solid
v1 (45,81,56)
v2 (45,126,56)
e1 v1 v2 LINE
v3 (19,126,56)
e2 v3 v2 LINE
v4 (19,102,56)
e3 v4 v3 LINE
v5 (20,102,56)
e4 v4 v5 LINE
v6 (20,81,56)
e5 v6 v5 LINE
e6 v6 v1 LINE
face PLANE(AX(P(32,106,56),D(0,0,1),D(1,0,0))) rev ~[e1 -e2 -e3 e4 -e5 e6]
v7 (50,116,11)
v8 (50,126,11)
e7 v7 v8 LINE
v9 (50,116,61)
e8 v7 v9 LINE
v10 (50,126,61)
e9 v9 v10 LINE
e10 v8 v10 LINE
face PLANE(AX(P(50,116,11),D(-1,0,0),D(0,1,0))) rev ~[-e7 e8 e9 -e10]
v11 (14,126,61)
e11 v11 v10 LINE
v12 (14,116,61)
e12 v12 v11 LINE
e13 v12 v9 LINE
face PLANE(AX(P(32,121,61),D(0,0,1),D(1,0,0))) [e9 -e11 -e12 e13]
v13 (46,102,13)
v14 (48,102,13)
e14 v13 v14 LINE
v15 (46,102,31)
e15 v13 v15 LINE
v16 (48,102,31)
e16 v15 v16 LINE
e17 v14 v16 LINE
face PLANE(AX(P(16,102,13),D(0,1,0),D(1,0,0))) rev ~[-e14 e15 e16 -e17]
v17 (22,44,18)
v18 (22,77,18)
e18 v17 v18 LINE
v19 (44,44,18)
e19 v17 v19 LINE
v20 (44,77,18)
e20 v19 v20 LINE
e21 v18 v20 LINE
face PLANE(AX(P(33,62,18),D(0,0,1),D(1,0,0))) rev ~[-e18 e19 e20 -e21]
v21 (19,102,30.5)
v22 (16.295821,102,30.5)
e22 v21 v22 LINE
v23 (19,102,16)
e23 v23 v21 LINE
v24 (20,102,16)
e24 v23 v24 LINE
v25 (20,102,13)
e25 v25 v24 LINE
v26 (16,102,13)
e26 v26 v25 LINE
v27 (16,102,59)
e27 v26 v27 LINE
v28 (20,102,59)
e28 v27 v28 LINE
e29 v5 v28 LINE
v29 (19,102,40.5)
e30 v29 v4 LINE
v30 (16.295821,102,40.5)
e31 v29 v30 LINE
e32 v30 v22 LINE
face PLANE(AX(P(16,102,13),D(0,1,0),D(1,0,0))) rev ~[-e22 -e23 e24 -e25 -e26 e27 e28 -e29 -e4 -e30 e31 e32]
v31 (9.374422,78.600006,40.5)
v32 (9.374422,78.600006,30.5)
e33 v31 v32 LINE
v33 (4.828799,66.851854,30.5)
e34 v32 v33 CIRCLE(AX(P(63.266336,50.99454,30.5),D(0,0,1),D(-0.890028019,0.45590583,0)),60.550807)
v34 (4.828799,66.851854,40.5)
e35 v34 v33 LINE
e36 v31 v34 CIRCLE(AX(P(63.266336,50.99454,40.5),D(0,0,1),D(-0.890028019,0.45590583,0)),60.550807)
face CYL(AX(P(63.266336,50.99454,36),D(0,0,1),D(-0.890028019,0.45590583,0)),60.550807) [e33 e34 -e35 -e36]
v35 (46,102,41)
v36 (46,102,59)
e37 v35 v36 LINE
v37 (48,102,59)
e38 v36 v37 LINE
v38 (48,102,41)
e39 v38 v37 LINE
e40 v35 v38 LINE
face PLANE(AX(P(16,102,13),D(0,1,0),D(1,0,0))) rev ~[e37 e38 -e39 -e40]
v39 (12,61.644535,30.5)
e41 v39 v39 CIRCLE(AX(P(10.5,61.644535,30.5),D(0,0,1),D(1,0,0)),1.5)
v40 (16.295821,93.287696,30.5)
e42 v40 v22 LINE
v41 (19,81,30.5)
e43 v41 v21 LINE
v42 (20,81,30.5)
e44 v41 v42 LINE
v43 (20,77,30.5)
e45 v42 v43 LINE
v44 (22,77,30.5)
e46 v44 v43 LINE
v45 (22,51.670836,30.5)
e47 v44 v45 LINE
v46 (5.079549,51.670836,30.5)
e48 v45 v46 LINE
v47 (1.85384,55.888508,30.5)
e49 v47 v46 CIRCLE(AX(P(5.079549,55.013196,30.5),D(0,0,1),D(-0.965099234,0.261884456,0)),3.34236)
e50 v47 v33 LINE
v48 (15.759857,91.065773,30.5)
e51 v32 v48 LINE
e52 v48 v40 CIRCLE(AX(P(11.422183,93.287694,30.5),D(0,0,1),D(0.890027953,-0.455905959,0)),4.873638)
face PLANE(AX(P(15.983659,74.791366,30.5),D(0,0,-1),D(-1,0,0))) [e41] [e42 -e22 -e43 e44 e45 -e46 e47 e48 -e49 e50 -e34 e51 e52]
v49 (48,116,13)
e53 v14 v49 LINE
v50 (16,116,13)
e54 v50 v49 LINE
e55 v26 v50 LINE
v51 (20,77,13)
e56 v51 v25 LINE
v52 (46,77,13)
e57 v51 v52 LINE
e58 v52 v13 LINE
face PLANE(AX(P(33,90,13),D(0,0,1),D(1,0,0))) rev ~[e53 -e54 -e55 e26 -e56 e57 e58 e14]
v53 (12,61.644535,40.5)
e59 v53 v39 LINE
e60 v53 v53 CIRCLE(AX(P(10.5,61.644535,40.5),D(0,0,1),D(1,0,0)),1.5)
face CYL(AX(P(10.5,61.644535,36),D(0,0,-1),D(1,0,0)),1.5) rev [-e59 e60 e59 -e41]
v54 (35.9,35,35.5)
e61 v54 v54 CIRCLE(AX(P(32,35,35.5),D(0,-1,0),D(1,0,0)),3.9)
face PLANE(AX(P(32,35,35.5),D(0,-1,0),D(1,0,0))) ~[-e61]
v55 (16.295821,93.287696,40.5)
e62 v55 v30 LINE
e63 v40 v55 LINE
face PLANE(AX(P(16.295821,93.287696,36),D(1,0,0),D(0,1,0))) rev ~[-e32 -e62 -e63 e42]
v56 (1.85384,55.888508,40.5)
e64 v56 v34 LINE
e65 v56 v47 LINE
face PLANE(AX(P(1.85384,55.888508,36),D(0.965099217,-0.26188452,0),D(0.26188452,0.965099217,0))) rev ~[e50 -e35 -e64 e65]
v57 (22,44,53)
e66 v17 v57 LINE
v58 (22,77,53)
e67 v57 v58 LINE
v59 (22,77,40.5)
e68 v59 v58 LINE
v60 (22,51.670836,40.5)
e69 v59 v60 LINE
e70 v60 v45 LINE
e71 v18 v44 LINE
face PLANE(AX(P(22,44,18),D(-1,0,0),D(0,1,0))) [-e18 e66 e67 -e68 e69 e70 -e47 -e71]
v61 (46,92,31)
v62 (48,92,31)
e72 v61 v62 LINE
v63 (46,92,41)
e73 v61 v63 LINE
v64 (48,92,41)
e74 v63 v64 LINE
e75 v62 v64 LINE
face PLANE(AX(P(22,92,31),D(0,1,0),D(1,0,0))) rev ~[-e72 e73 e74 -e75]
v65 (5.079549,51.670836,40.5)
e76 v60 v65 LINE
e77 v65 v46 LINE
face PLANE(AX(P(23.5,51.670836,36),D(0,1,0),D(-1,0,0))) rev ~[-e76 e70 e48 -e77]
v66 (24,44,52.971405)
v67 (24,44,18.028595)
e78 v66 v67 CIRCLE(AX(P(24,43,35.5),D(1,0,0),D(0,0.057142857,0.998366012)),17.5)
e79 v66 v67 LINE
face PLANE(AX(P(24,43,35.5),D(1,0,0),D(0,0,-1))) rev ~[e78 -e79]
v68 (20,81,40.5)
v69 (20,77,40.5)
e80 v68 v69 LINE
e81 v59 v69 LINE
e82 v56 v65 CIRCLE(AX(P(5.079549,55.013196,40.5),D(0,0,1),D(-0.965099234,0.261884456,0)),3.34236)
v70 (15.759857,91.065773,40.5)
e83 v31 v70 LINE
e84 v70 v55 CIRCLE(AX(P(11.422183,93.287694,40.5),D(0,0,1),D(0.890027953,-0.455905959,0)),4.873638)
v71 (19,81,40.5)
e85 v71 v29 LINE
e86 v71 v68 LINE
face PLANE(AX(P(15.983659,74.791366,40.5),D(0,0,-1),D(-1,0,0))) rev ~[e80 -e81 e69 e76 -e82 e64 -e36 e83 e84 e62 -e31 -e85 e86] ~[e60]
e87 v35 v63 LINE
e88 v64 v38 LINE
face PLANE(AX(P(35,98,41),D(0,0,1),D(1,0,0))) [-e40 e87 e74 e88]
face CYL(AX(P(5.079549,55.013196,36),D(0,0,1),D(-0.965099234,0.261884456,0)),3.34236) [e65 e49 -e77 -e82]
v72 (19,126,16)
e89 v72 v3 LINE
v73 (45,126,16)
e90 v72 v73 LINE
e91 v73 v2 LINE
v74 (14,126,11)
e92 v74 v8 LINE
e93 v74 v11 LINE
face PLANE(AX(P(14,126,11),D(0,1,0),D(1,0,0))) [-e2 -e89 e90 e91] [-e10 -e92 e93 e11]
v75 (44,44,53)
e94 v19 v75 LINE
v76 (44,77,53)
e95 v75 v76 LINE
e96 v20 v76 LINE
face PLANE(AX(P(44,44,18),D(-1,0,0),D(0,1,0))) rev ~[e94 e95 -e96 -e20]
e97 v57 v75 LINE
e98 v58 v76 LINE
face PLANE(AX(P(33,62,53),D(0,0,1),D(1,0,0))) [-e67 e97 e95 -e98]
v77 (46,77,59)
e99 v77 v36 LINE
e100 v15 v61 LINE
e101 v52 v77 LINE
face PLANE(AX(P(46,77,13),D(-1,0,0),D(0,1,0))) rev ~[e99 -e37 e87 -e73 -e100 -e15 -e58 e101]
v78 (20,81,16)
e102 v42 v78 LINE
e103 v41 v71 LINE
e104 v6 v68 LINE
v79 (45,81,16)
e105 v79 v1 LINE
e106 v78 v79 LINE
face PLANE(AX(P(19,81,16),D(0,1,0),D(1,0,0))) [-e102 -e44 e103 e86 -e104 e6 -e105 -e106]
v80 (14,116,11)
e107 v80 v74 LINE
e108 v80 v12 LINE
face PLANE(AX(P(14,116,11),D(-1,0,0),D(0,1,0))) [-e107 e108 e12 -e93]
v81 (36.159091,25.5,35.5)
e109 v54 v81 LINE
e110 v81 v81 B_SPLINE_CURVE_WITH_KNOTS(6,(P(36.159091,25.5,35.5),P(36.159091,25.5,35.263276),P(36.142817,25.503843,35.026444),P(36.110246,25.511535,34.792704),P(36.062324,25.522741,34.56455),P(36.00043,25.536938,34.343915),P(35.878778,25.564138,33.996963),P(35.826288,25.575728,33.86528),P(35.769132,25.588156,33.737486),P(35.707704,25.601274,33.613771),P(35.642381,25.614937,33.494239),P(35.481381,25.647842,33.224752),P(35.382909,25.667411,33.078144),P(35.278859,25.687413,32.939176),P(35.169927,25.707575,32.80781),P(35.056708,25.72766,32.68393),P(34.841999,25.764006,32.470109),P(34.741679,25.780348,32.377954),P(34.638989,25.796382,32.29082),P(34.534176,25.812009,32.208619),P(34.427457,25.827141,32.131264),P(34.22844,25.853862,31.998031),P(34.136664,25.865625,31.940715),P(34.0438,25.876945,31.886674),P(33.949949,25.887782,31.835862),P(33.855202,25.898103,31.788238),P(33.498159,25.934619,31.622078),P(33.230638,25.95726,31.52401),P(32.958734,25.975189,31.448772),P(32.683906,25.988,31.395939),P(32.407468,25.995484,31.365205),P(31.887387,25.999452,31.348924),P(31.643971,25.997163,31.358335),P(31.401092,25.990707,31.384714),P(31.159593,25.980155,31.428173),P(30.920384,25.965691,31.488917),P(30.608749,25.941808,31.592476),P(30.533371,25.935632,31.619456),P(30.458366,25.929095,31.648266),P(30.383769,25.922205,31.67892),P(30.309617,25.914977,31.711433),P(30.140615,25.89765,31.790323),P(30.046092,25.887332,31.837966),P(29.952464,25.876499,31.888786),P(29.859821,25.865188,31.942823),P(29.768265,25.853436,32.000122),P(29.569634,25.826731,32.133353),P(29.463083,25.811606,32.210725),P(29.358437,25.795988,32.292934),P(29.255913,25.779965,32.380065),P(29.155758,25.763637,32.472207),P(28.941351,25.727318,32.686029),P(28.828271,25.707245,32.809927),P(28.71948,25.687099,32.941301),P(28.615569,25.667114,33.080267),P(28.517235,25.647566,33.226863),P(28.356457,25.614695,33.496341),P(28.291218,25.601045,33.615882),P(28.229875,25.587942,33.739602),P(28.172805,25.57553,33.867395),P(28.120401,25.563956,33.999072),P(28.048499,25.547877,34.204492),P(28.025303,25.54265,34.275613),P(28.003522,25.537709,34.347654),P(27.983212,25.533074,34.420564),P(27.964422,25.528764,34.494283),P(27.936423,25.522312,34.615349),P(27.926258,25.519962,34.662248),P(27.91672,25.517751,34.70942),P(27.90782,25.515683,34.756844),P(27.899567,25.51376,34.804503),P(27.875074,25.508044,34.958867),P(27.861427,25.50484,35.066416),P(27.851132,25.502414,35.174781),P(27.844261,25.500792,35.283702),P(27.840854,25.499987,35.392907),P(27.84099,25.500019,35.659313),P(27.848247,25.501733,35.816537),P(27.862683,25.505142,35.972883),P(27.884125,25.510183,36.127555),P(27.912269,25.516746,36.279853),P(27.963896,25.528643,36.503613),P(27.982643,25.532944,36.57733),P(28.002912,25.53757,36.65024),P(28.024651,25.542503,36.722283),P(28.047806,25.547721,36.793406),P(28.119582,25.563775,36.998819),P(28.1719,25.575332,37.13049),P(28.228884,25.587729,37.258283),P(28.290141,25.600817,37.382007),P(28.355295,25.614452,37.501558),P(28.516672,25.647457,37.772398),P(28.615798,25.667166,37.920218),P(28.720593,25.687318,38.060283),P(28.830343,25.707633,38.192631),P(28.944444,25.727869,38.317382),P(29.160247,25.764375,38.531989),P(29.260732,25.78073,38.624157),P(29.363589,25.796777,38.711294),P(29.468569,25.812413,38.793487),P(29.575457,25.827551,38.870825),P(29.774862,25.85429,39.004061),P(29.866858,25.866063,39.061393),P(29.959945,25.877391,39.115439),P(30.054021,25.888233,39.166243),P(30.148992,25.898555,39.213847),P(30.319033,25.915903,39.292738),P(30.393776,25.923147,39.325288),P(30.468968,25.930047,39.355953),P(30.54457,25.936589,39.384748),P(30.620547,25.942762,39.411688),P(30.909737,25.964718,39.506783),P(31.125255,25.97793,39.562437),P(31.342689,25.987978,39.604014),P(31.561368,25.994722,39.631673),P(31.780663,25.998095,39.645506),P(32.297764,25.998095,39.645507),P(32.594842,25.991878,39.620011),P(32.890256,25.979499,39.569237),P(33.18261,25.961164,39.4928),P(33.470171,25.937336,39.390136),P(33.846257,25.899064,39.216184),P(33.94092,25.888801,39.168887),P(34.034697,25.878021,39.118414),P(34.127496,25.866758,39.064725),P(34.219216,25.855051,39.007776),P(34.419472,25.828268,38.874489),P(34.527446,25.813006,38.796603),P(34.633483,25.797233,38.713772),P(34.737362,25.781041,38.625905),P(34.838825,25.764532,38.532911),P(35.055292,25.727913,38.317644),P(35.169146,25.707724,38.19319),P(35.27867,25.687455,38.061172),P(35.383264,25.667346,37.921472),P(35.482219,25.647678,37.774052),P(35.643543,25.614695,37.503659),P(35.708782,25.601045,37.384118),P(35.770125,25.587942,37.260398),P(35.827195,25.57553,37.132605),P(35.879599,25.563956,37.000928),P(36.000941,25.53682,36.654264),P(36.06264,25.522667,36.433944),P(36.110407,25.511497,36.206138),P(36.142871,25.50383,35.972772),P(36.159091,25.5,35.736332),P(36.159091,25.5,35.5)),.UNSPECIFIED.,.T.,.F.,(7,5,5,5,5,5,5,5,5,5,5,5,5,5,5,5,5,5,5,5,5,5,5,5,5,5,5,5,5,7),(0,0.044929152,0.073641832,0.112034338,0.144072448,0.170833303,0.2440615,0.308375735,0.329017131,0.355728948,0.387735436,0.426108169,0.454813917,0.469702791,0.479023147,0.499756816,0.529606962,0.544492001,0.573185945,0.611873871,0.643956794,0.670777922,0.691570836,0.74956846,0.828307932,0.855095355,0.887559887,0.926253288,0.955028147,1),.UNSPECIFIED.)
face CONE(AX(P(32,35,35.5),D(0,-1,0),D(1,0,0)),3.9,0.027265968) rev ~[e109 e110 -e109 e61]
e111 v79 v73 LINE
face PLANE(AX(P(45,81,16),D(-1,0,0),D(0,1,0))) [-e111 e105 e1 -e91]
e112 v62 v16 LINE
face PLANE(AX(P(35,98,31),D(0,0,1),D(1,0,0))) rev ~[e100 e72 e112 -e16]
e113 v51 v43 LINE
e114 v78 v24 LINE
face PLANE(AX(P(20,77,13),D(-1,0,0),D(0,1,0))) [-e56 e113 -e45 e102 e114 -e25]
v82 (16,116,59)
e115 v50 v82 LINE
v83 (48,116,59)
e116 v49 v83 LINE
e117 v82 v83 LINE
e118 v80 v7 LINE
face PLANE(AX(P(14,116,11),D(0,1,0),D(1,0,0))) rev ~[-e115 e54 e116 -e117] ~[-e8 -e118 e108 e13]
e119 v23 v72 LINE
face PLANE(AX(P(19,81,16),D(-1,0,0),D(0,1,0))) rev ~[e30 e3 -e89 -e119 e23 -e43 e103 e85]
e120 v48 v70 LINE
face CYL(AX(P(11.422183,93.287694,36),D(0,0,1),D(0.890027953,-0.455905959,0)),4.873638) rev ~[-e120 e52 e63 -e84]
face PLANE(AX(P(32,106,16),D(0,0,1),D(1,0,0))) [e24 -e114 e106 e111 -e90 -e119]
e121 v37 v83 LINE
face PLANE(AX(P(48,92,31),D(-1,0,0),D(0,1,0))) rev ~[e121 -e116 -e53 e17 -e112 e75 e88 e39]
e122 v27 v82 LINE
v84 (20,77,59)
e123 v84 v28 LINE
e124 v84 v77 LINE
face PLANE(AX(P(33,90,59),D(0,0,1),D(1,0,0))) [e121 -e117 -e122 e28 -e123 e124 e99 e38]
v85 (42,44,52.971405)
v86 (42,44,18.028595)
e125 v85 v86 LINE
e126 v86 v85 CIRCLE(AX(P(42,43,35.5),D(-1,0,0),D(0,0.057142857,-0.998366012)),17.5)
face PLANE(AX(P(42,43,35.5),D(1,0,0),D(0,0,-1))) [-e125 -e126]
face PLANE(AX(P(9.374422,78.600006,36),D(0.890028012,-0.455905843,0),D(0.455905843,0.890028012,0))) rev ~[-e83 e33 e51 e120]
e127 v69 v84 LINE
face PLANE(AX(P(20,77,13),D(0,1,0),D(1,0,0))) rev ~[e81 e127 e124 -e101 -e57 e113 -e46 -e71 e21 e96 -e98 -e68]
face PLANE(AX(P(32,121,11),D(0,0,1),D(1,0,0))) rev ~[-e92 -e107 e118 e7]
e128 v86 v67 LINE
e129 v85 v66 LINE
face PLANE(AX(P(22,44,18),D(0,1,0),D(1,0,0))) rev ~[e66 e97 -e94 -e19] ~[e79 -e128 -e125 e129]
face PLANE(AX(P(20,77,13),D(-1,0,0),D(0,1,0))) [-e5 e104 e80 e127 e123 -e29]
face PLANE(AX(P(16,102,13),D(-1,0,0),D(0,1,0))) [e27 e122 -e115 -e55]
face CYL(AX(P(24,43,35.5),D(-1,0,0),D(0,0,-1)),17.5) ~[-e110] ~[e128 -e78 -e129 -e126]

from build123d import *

# Parameters (mm, degrees)
CONE002_ROLL_ANGLE   = 90
BOX005_W             = 26
BOX005_H             = 50
BOX005_DEPTH         = 40
BOX001_W             = 32
BOX001_H             = 17
BOX001_DEPTH         = 46
BOX002_W             = 26
BOX002_H             = 12
BOX002_DEPTH         = 10
BOX003_W             = 26
BOX003_H             = 26
BOX003_DEPTH         = 46
BOX004_W             = 22
BOX004_H             = 36
BOX004_DEPTH         = 35
CYLINDER_R           = 17.5
CYLINDER_DEPTH       = 18
CYLINDER_PITCH_ANGLE = 90
SKETCH001_R          = 1.5
PAD_DEPTH            = 4.5
PAD_DEPTH_BACK       = 5.5
BOX_W                = 36
BOX_H                = 10
BOX_DEPTH            = 50


with BuildPart() as beinloch001:
    # Cone002 → Cone002 (revolve)
    with BuildSketch(Plane.XZ):
        Polygon((0, 0), (3.9, 0), (4.2, 11), (0, 11), align=None)
    revolve(axis=Axis((0, 0, 0), (0, 0, 1)))


with BuildPart() as beinloch001_1:
    # Cone002 roll: moved
    add(beinloch001.part.rotate(Axis((0, 0, 0), (1, 0, 0)), CONE002_ROLL_ANGLE))


with BuildPart() as beinloch001_2:
    # Cone002 placement: moved
    add(beinloch001_1.part.moved(Location((32, 35, 35.5))))


with BuildPart() as kopfloch:
    # Box005 → Box005 (new body)
    with BuildSketch(Plane(origin=(19, 81, 16), x_dir=(1, 0, 0), z_dir=(0, 0, 1))):
        with Locations((13, 25)):
            Rectangle(BOX005_W, BOX005_H)
    extrude(amount=BOX005_DEPTH)


with BuildPart() as stirn:
    # Box001 → Box001 (new body)
    with BuildSketch(Plane(origin=(16, 102, 13), x_dir=(1, 0, 0), z_dir=(0, 0, 1))):
        with Locations((16, 8.5)):
            Rectangle(BOX001_W, BOX001_H)
    extrude(amount=BOX001_DEPTH)


with BuildPart() as gnack:
    # Box002 → Box002 (new body)
    with BuildSketch(Plane(origin=(22, 92, 31), x_dir=(1, 0, 0), z_dir=(0, 0, 1))):
        with Locations((13, 6)):
            Rectangle(BOX002_W, BOX002_H)
    extrude(amount=BOX002_DEPTH)


with BuildPart() as augen:
    # Box003 → Box003 (new body)
    with BuildSketch(Plane(origin=(20, 77, 13), x_dir=(1, 0, 0), z_dir=(0, 0, 1))):
        with Locations((13, 13)):
            Rectangle(BOX003_W, BOX003_H)
    extrude(amount=BOX003_DEPTH)


with BuildPart() as wangen:
    # Box004 → Box004 (new body)
    with BuildSketch(Plane(origin=(22, 44, 18), x_dir=(1, 0, 0), z_dir=(0, 0, 1))):
        with Locations((11, 18)):
            Rectangle(BOX004_W, BOX004_H)
    extrude(amount=BOX004_DEPTH)


with BuildPart() as kinn:
    # Cylinder → Cylinder (new body)
    with BuildSketch(Plane.XY):
        Circle(CYLINDER_R)
    extrude(amount=CYLINDER_DEPTH)


with BuildPart() as kinn_1:
    # Cylinder pitch: moved
    add(kinn.part.rotate(Axis((0, 0, 0), (0, 1, 0)), CYLINDER_PITCH_ANGLE))


with BuildPart() as kinn_2:
    # Cylinder placement: moved
    add(kinn_1.part.moved(Location((24, 43, 35.5))))


with BuildPart() as nase:
    # Sketch001 → Pad (new body, two sides)
    with BuildSketch(Plane(origin=(22, 44, 36), x_dir=(1, 0, 0), z_dir=(0, 0, 1))) as pad_sk:
        with BuildLine():
            Line((1.5, 7.670836), (-16.920451, 7.670836))
            ThreePointArc((-20.14616, 11.888508), (-19.57535, 8.982708), (-16.920451, 7.670836))
            Line((-20.14616, 11.888508), (-17.171201, 22.851854))
            ThreePointArc((-12.625578, 34.600006), (-15.204729, 28.844459), (-17.171201, 22.851854))
            Line((-12.625578, 34.600006), (-6.240143, 47.065773))
            ThreePointArc((-6.240143, 47.065773), (-5.840064, 48.144871), (-5.704179, 49.287696))
            Line((-5.704179, 49.287696), (-5.704179, 58.874008))
            Line((-5.704179, 58.874008), (1.5, 58.874008))
            Line((1.5, 58.874008), (1.5, 7.670836))
        make_face()
        with Locations((-11.5, 17.644535)):
            Circle(SKETCH001_R, mode=Mode.SUBTRACT)
    extrude(amount=PAD_DEPTH)
    extrude(pad_sk.sketch, amount=-PAD_DEPTH_BACK)


with BuildPart() as kopf:
    # Box → Box (new body)
    with BuildSketch(Plane(origin=(14, 116, 11), x_dir=(1, 0, 0), z_dir=(0, 0, 1))):
        with Locations((18, 5)):
            Rectangle(BOX_W, BOX_H)
    extrude(amount=BOX_DEPTH)

    # Fusion: union stirn, gnack, augen, wangen, kinn, nase
    add(stirn.part)
    add(gnack.part)
    add(augen.part)
    add(wangen.part)
    add(kinn_2.part)
    add(nase.part)

    # Cut: cut kopfloch
    add(kopfloch.part, mode=Mode.SUBTRACT)

    # Cut001: cut beinloch001
    add(beinloch001_2.part, mode=Mode.SUBTRACT)


solid = kopf.part
